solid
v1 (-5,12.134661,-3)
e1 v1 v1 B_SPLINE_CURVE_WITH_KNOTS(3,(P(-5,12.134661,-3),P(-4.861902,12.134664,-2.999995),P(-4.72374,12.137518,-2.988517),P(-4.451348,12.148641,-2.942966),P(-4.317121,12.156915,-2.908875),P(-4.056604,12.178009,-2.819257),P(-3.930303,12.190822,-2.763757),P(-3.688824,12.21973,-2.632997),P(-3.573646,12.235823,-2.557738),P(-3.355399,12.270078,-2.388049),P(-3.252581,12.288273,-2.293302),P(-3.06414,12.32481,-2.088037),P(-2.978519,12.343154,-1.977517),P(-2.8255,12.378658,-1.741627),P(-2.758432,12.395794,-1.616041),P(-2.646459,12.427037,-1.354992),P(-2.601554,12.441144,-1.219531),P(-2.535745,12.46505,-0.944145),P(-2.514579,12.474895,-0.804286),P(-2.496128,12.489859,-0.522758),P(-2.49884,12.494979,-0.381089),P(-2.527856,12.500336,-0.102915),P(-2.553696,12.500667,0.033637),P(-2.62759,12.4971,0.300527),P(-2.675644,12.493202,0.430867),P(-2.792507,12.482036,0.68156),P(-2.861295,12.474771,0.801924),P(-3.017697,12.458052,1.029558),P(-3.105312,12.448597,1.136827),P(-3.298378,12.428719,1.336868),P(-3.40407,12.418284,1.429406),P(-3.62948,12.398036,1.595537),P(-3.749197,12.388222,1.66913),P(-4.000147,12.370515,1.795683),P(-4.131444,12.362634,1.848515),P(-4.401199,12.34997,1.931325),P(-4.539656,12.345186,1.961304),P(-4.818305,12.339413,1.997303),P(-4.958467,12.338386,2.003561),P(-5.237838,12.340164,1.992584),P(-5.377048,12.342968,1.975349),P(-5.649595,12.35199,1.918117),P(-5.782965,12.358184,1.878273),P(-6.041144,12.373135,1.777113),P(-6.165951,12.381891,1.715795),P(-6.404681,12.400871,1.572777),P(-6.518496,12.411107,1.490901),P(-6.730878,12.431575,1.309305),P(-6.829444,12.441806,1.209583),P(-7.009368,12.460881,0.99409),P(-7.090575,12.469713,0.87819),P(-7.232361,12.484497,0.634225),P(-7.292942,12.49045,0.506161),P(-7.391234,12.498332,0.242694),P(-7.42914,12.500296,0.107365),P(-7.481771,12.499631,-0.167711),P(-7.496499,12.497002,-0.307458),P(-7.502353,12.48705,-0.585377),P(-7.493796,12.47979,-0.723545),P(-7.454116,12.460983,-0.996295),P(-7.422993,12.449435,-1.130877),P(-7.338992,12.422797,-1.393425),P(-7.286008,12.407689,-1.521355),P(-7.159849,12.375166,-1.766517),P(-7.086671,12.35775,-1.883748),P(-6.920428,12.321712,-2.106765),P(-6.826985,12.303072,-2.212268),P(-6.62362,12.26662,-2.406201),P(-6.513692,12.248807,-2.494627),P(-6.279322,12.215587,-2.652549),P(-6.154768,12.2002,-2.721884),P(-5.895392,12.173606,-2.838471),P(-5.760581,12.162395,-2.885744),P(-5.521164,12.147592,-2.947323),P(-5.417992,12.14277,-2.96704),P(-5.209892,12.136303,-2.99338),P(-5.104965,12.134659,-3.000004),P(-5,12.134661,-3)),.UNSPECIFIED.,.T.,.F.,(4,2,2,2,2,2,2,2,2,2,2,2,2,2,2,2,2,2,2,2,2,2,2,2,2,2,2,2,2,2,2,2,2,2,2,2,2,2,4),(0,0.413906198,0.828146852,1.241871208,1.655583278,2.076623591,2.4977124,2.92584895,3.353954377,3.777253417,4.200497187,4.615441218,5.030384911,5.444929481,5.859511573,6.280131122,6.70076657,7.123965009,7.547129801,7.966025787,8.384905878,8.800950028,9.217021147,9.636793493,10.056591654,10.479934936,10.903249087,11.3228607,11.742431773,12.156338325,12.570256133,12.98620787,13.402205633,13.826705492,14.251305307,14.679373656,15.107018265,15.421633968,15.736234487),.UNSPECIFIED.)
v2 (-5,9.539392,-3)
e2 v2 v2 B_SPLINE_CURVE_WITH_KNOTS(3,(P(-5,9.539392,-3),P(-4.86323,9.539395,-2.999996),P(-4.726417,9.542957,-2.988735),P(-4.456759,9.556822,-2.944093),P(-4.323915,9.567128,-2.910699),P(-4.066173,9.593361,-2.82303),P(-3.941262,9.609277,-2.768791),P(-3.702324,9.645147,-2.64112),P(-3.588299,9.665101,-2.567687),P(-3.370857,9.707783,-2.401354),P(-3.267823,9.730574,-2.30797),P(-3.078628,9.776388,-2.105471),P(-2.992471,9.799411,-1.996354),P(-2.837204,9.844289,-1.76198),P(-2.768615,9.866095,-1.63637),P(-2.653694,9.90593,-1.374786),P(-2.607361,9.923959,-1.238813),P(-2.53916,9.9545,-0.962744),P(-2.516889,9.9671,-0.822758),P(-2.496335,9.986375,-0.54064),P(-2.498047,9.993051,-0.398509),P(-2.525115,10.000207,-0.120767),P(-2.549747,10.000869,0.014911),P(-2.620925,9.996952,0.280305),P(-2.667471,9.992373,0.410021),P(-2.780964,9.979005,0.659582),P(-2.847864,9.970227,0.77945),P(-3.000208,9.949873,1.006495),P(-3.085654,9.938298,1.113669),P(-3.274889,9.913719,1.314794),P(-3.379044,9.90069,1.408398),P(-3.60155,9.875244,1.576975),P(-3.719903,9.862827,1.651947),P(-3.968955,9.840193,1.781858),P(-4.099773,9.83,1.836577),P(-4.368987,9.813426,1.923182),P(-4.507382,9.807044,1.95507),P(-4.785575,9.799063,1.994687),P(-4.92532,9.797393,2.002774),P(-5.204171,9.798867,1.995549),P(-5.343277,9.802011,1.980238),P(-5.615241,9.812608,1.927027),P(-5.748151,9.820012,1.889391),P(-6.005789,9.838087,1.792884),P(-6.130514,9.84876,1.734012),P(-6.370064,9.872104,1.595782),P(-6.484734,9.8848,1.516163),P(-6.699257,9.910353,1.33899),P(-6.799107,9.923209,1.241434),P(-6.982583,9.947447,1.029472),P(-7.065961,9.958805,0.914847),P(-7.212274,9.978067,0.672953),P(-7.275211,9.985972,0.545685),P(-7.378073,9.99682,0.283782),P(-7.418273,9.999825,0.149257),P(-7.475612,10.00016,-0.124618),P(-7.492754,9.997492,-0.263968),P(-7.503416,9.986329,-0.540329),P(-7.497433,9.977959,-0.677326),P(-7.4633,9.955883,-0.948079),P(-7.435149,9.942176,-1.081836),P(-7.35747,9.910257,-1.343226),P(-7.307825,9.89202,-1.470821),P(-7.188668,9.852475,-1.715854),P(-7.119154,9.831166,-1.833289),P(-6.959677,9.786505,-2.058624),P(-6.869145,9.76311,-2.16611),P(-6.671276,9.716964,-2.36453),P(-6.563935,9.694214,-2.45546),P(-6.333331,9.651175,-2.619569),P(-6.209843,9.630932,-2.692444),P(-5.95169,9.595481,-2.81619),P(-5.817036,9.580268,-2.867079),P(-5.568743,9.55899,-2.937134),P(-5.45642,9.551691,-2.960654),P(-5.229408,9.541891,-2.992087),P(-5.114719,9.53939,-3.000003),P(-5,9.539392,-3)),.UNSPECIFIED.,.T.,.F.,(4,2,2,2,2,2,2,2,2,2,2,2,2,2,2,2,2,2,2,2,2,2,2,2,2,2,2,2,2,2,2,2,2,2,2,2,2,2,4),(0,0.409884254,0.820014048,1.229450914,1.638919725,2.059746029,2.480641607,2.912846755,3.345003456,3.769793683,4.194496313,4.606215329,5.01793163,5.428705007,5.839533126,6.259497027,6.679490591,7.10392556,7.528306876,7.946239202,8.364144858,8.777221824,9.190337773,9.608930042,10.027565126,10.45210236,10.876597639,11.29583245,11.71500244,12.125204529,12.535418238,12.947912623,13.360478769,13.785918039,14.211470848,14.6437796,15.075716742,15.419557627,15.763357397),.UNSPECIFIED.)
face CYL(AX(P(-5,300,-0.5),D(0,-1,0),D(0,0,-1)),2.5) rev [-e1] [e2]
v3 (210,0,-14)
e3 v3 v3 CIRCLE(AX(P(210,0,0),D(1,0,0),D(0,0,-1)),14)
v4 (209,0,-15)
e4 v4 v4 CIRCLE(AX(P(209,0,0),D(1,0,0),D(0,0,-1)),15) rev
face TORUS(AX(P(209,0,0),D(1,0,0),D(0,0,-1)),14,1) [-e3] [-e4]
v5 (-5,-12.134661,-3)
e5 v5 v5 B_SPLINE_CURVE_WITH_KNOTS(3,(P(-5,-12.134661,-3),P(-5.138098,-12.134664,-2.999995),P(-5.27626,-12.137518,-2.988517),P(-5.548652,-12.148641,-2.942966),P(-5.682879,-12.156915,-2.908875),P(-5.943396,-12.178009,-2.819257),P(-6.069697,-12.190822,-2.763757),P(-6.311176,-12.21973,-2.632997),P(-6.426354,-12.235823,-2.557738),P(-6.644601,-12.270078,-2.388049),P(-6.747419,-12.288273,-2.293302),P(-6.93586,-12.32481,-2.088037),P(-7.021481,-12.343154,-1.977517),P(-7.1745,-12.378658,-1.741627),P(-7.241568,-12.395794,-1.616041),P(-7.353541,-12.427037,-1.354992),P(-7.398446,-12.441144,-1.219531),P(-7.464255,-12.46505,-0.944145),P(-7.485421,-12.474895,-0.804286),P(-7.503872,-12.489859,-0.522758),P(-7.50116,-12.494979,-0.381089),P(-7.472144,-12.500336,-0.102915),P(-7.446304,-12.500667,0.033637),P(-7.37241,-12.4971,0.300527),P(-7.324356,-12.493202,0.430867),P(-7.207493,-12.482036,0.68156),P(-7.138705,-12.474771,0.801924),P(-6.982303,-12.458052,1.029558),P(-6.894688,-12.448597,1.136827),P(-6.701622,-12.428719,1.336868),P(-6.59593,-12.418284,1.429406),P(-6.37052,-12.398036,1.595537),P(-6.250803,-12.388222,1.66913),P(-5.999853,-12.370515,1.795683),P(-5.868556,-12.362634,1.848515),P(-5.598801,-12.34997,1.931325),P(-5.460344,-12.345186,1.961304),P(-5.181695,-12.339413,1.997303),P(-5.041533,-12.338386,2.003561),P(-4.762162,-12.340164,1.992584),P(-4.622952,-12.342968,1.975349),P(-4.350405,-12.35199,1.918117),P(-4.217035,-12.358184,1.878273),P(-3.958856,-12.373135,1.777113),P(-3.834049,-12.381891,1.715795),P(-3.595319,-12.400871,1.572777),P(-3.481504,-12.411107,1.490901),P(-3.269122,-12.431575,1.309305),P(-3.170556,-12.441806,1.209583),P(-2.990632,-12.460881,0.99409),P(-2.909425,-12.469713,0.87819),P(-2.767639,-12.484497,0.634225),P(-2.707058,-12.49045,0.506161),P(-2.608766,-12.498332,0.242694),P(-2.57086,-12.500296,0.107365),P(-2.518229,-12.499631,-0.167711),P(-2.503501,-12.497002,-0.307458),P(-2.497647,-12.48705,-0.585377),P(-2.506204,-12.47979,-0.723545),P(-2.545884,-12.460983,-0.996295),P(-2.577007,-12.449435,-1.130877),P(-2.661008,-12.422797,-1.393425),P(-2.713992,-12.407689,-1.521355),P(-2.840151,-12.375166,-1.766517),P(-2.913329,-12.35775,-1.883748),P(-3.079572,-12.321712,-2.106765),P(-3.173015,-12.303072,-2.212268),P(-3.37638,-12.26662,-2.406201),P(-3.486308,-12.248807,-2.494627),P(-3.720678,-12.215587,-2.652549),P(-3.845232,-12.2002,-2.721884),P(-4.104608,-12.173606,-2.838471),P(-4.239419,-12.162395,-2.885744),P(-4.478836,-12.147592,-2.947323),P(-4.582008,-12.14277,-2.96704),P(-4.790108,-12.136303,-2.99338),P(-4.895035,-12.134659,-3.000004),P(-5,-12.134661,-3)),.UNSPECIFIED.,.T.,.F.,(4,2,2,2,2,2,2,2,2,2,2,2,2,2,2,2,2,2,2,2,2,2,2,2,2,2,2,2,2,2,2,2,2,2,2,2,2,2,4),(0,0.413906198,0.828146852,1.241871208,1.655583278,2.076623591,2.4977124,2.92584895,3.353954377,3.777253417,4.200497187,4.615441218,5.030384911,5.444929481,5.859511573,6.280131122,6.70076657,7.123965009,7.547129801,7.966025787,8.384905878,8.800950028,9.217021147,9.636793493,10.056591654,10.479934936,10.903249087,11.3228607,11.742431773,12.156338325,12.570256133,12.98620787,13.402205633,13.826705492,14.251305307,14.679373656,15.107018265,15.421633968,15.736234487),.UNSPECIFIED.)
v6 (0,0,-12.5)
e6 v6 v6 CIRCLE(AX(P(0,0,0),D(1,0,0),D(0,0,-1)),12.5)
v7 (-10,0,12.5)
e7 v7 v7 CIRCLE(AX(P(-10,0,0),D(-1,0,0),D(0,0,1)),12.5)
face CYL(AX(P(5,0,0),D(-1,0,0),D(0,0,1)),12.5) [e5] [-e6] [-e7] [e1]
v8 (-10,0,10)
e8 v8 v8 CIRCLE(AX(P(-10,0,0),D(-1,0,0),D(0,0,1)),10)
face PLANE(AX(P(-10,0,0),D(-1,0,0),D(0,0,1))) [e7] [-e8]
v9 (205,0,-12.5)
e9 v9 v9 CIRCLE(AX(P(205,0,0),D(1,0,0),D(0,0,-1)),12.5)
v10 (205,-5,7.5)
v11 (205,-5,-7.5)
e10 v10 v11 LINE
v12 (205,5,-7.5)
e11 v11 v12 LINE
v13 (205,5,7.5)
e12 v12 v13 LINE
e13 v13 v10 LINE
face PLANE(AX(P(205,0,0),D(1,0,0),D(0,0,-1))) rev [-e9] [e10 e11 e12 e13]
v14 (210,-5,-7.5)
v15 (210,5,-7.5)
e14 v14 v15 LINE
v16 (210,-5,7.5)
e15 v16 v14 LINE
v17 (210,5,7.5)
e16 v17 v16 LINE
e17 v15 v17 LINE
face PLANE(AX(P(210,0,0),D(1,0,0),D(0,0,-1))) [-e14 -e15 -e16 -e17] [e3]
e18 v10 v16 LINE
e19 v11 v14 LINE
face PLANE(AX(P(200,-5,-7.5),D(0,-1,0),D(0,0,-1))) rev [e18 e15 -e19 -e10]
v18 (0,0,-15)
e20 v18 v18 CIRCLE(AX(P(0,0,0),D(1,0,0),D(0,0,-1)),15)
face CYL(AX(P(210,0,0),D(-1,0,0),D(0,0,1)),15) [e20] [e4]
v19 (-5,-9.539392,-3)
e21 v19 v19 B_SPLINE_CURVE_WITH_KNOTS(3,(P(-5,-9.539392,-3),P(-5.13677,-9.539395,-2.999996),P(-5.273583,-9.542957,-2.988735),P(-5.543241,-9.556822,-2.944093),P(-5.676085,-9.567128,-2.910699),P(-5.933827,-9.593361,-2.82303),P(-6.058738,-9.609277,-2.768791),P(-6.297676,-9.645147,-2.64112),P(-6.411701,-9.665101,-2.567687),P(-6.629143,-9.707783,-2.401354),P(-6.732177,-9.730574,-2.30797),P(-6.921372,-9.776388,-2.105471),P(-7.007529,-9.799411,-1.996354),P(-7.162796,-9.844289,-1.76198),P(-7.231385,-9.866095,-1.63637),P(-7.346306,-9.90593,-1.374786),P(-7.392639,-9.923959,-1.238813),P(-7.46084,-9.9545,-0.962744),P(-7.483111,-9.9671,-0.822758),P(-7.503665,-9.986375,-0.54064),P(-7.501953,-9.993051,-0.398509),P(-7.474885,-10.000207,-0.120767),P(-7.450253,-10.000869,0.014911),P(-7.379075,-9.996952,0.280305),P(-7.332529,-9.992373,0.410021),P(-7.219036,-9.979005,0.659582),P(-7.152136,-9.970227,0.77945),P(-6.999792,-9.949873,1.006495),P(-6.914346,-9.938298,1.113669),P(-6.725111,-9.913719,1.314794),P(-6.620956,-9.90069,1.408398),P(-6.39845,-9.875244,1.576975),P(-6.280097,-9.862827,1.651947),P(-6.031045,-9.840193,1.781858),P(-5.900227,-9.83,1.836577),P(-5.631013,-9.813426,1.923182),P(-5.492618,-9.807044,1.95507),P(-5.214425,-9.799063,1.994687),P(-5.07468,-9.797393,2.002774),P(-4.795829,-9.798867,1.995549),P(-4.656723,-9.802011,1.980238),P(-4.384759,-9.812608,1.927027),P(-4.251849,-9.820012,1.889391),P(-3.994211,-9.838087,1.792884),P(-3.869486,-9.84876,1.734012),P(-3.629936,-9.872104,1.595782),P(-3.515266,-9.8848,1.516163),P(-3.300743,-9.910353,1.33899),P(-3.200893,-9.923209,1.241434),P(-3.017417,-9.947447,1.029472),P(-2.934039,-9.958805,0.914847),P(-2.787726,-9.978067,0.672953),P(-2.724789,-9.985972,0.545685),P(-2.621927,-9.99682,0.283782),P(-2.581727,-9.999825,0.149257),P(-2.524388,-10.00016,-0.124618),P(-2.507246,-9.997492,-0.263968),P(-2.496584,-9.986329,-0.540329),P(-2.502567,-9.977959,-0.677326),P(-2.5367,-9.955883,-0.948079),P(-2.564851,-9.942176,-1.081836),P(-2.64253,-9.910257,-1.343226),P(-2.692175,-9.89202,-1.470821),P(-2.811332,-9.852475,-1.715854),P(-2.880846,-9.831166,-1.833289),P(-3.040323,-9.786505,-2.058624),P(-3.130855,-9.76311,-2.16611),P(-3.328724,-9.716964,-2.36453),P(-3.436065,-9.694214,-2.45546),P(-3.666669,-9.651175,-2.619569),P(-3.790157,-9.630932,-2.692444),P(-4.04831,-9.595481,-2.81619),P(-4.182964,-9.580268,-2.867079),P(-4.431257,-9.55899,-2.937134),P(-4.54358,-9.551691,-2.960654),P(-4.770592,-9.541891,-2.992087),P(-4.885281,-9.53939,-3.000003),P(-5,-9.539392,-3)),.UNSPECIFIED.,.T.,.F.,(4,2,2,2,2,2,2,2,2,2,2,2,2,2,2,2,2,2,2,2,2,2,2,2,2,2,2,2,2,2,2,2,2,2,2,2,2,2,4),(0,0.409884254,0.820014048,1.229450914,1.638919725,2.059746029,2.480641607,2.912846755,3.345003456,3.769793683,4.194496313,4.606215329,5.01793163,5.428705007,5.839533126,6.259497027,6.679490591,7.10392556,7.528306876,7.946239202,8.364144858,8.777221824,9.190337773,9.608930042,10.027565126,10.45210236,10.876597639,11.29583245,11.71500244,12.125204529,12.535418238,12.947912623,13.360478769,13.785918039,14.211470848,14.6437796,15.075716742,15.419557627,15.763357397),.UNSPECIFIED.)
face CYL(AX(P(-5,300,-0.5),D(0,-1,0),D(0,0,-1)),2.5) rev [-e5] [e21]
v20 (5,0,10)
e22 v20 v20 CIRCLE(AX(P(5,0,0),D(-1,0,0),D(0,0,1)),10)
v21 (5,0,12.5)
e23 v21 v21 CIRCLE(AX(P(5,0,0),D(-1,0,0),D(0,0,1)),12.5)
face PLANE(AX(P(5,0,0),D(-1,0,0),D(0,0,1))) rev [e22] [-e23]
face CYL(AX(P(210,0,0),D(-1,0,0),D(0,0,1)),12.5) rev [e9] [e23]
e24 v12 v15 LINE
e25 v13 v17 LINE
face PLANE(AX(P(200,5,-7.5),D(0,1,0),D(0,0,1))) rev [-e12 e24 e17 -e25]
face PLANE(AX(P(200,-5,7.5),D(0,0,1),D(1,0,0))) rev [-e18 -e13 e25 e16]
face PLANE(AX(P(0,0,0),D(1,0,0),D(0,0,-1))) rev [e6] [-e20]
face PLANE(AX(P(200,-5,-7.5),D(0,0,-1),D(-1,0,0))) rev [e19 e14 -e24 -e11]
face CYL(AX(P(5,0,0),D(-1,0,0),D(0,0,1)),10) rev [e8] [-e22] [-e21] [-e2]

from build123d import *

# Parameters (mm, degrees)
ESBO_O1_R                  = 15
ESBO_O1_R_2                = 12.5
RESSALTO_EXTRUS_O1_DEPTH   = 210
RESSALTO_EXTRUS_O3_START   = 10
ESBO_O2_R                  = 12.5
ESBO_O2_R_2                = 10
RESSALTO_EXTRUS_O3_DEPTH   = 15
CORTE_EXTRUS_O3_DEPTH      = 300
CORTE_EXTRUS_O3_DEPTH_BACK = 300
ESBO_O4_R                  = 2.5
RESSALTO_EXTRUS_O4_START   = -5
ESBO_O9_R                  = 12.5
RESSALTO_EXTRUS_O4_DEPTH   = 5
FILETE1_R                  = 1
ESBO_O11_W                 = 15
ESBO_O11_H                 = 10
CORTE_EXTRUS_O4_DEPTH      = 10


with BuildPart() as part:
    # Esboço1 → Ressalto-extrusão1 (new body)
    with BuildSketch(Plane(origin=(0, 0, 0), x_dir=(0, 0, -1), z_dir=(1, 0, 0))):
        Circle(ESBO_O1_R)
        Circle(ESBO_O1_R_2, mode=Mode.SUBTRACT)
    extrude(amount=RESSALTO_EXTRUS_O1_DEPTH)

    # Esboço2 → Ressalto-extrusão3 (add)
    with BuildSketch(Plane.ZY.offset(RESSALTO_EXTRUS_O3_START)):
        Circle(ESBO_O2_R)
        Circle(ESBO_O2_R_2, mode=Mode.SUBTRACT)
    extrude(amount=-RESSALTO_EXTRUS_O3_DEPTH)

    # Esboço4 → Corte-extrusão3 (cut, two sides: drawn at the far end of the back side and taken through both)
    with BuildSketch(Plane(origin=(0, 0, 0), x_dir=(1, 0, 0), z_dir=(0, 1, 0)).offset(-CORTE_EXTRUS_O3_DEPTH_BACK)):
        with Locations((-5, 0.5)):
            Circle(ESBO_O4_R)
    extrude(amount=CORTE_EXTRUS_O3_DEPTH + CORTE_EXTRUS_O3_DEPTH_BACK, mode=Mode.SUBTRACT)

    # Esboço9 → Ressalto-extrusão4 (add)
    with BuildSketch(Plane(origin=(210, 0, 0), x_dir=(0, 0, -1), z_dir=(1, 0, 0)).offset(RESSALTO_EXTRUS_O4_START)):
        Circle(ESBO_O9_R)
    extrude(amount=RESSALTO_EXTRUS_O4_DEPTH)

    # Filete1
    filete1_edges = [part.edges().sort_by_distance(p)[0] for p in [
        (210, 0, 15),
    ]]
    fillet(filete1_edges, radius=FILETE1_R)

    # Esboço11 → Corte-extrusão4 (cut)
    with BuildSketch(Plane(origin=(210, 0, 0), x_dir=(0, 0, -1), z_dir=(1, 0, 0))):
        Rectangle(ESBO_O11_W, ESBO_O11_H)
    extrude(amount=-CORTE_EXTRUS_O4_DEPTH, mode=Mode.SUBTRACT)


solid = part.part
